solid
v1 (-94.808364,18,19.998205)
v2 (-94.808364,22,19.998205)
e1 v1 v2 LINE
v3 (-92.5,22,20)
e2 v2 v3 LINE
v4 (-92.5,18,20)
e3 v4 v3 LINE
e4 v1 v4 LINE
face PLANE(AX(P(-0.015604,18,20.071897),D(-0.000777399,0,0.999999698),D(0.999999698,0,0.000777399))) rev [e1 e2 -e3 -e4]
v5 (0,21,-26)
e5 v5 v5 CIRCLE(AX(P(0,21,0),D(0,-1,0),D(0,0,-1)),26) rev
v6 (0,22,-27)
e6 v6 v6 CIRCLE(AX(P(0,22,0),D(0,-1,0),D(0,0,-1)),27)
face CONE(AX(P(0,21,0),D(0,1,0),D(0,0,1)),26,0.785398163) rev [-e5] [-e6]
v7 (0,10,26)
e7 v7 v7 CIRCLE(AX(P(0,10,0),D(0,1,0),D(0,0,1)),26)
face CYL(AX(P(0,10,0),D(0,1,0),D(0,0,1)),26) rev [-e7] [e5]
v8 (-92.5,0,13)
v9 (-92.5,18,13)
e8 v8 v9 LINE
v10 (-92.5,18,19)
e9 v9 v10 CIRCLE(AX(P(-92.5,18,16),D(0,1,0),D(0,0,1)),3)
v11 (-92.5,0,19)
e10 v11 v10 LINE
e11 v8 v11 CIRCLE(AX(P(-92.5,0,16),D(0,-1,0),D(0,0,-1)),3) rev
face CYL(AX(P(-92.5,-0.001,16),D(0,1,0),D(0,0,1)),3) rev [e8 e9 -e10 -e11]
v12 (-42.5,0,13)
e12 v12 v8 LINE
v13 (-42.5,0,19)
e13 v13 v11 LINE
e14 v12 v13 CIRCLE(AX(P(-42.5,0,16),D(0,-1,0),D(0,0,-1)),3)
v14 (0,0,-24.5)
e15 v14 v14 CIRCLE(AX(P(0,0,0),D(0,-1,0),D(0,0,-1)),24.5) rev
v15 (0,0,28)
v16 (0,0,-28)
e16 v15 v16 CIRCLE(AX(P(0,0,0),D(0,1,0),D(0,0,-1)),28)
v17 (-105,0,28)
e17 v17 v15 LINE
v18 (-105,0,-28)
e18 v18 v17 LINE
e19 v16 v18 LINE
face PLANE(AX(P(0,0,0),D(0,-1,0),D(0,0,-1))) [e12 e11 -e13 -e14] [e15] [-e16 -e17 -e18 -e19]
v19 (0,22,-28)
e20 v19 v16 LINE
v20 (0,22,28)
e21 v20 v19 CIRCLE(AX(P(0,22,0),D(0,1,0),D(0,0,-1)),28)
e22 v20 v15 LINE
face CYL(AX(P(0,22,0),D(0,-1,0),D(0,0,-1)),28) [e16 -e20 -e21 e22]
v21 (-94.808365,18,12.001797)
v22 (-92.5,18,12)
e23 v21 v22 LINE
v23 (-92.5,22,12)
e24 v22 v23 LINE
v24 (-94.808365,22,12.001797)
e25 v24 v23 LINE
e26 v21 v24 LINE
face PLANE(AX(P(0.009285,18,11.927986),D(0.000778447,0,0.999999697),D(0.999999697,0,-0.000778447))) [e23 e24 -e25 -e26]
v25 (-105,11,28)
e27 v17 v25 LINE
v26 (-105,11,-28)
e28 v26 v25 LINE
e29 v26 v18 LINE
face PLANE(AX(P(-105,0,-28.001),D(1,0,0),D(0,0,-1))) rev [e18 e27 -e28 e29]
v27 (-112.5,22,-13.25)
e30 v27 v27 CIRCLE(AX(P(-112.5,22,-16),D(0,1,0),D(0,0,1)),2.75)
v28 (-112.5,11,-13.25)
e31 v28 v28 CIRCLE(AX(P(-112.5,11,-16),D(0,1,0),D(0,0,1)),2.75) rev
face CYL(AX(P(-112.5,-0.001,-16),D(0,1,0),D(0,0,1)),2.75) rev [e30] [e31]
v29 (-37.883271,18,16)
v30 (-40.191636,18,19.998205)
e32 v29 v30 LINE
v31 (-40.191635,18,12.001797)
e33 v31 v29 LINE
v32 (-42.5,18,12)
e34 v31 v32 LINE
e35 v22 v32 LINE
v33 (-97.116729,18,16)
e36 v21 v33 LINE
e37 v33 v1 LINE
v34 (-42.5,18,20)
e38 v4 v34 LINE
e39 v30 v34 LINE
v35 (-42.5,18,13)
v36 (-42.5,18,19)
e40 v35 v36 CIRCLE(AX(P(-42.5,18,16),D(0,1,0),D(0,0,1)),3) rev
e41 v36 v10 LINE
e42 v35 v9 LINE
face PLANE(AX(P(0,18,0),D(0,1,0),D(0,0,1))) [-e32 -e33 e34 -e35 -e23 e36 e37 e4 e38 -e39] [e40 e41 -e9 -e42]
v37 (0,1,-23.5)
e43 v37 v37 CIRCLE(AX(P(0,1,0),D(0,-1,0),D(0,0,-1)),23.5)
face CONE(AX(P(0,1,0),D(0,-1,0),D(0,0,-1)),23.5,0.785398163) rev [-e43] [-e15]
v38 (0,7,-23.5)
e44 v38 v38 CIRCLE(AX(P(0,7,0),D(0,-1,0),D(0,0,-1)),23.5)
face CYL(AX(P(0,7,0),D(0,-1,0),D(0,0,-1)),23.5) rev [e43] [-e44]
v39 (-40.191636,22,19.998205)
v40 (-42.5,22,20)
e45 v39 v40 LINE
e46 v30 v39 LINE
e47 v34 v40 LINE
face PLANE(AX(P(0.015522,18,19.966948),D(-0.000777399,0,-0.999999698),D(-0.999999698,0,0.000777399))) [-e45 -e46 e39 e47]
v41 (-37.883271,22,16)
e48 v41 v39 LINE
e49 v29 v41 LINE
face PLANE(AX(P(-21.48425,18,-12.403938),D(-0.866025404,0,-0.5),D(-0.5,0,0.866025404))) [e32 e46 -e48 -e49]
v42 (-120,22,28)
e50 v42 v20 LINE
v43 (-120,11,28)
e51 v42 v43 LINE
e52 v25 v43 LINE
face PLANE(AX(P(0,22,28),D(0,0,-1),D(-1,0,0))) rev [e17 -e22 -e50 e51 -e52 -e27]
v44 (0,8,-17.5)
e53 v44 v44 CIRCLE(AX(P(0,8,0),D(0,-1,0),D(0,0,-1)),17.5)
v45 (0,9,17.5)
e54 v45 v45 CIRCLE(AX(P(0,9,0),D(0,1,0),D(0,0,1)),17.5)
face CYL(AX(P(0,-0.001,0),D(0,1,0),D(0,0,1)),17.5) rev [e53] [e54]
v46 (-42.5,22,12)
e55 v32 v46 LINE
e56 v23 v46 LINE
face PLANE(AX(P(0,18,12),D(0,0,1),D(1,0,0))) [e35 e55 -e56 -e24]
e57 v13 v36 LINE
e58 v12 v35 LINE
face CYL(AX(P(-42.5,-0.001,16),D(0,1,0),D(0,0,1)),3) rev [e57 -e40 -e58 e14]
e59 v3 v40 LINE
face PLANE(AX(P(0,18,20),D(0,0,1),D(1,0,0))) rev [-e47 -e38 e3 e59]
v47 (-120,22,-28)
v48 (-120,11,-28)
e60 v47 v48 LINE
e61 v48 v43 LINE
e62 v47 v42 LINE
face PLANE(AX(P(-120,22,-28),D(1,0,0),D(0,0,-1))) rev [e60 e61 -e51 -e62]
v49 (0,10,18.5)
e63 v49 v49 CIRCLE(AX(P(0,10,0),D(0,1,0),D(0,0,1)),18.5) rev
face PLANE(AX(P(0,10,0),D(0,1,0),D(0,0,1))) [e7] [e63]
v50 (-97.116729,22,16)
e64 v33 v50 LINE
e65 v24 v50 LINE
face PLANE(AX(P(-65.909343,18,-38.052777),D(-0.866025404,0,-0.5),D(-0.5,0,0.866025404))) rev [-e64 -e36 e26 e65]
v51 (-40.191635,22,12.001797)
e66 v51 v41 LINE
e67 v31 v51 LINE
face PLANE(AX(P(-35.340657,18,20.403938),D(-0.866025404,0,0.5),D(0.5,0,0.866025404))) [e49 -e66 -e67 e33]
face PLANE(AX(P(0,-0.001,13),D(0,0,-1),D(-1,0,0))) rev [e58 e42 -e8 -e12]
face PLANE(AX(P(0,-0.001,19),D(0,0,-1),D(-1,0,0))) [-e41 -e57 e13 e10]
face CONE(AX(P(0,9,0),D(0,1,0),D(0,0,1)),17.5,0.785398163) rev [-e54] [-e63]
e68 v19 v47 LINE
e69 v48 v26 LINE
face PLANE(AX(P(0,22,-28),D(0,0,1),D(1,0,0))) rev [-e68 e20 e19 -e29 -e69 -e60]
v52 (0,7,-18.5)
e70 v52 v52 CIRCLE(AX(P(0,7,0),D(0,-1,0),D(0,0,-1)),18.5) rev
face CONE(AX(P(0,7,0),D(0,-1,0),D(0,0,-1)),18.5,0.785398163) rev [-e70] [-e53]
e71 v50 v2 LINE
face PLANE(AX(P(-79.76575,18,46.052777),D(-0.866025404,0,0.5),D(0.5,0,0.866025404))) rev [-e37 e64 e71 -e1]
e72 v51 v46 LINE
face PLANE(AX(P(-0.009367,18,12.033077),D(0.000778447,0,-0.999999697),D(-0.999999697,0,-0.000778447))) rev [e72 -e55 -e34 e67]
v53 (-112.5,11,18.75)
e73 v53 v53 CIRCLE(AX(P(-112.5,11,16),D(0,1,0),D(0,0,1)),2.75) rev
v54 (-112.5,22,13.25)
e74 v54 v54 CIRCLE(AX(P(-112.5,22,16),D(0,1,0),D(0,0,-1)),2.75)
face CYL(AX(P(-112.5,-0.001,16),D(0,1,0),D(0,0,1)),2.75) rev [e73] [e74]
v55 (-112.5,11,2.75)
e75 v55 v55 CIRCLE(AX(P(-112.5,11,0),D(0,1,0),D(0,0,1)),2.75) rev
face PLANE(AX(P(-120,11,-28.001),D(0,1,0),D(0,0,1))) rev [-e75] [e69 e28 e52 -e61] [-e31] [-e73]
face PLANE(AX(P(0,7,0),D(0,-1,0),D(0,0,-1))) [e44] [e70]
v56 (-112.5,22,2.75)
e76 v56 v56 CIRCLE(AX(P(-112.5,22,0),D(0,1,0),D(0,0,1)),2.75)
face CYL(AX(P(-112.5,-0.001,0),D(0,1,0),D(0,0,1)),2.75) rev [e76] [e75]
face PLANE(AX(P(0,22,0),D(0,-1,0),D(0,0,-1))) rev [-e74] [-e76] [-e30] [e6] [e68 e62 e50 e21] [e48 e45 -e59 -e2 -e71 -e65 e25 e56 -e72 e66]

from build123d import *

# Parameters (mm, degrees)
EXTRUDE_1_DEPTH     = 22
CUT_EXTRUDE_1_REACH = 136.239
SKETCH_2_W          = 15
SKETCH_2_H          = 11
SKETCH_3_R          = 26
CUT_EXTRUDE_2_DEPTH = 12
CUT_EXTRUDE_3_REACH = 125.806
SKETCH_4_R          = 17.5
SKETCH_5_R          = 23.5
CUT_EXTRUDE_4_DEPTH = 7
CHAMFER_1_SIZE      = 1
CUT_EXTRUDE_5_REACH = 127.172
SKETCH_6_R          = 2.75
CUT_EXTRUDE_7_REACH = 127.172
CUT_EXTRUDE_8_DEPTH = 4


with BuildPart() as part:
    # 草图1 → 凸台-拉伸1 (new body)
    with BuildSketch(Plane(origin=(0, 0, 0), x_dir=(1, 0, 0), z_dir=(0, 1, 0))):
        with BuildLine():
            Line((0, 28), (-120, 28))
            Line((-120, 28), (-120, -28))
            Line((-120, -28), (0, -28))
            ThreePointArc((0, -28), (28, 0), (0, 28))
        make_face()
    extrude(amount=EXTRUDE_1_DEPTH)

    # 草图2 → 切除-拉伸1 (cut, up to next)
    with BuildSketch(Plane.XY.offset(28), mode=Mode.PRIVATE) as cut_extrude_1_sk1:
        with Locations((-112.5, 5.5)):
            Rectangle(SKETCH_2_W, SKETCH_2_H)
    cut_extrude_1_tool1 = extrude(cut_extrude_1_sk1.sketch, amount=-CUT_EXTRUDE_1_REACH, mode=Mode.PRIVATE) & part.part
    add(cut_extrude_1_tool1.solids().sort_by_distance((-112.5, 5.5, 28))[0], mode=Mode.SUBTRACT)

    # 草图3 → 切除-拉伸2 (cut)
    with BuildSketch(Plane(origin=(0, 22, 0), x_dir=(1, 0, 0), z_dir=(0, 1, 0))):
        with Locations(Location((0, 0, 0), (0, 0, 270))):
            Circle(SKETCH_3_R)
    extrude(amount=-CUT_EXTRUDE_2_DEPTH, mode=Mode.SUBTRACT)

    # 草图4 → 切除-拉伸3 (cut, up to next)
    with BuildSketch(Plane(origin=(0, 10, 0), x_dir=(1, 0, 0), z_dir=(0, 1, 0)), mode=Mode.PRIVATE) as cut_extrude_3_sk1:
        with Locations(Location((0, 0, 0), (0, 0, 270))):
            Circle(SKETCH_4_R)
    cut_extrude_3_tool1 = extrude(cut_extrude_3_sk1.sketch, amount=-CUT_EXTRUDE_3_REACH, mode=Mode.PRIVATE) & part.part
    add(cut_extrude_3_tool1.solids().sort_by_distance((0, 10, 0))[0], mode=Mode.SUBTRACT)

    # 草图5 → 切除-拉伸4 (cut)
    with BuildSketch(Plane.XZ):
        with Locations(Location((0, 0, 0), (0, 0, 270))):
            Circle(SKETCH_5_R)
    extrude(amount=-CUT_EXTRUDE_4_DEPTH, mode=Mode.SUBTRACT)

    # 倒角1
    chamfer_1_edges = [part.edges().sort_by_distance(p)[0] for p in [
        (0, 22, -26),
        (0, 10, -17.5),
        (0, 0, 23.5),
        (0, 7, -17.5),
    ]]
    chamfer(chamfer_1_edges, length=CHAMFER_1_SIZE)

    # 草图6 → 切除-拉伸5 (cut, up to next)
    with BuildSketch(Plane(origin=(0, 22, 0), x_dir=(1, 0, 0), z_dir=(0, 1, 0)), mode=Mode.PRIVATE) as cut_extrude_5_sk1:
        with Locations(Location((-112.5, 0, 0), (0, 0, 270))):
            Circle(SKETCH_6_R)
    cut_extrude_5_tool1 = extrude(cut_extrude_5_sk1.sketch, amount=-CUT_EXTRUDE_5_REACH, mode=Mode.PRIVATE) & part.part
    # 草图6 → 切除-拉伸5 (cut, up to next)
    with BuildSketch(Plane(origin=(0, 22, 0), x_dir=(1, 0, 0), z_dir=(0, 1, 0)), mode=Mode.PRIVATE) as cut_extrude_5_sk2:
        with Locations(Location((-112.5, 16, 0), (0, 0, 270))):
            Circle(SKETCH_6_R)
    cut_extrude_5_tool2 = extrude(cut_extrude_5_sk2.sketch, amount=-CUT_EXTRUDE_5_REACH, mode=Mode.PRIVATE) & part.part
    # 草图6 → 切除-拉伸5 (cut, up to next)
    with BuildSketch(Plane(origin=(0, 22, 0), x_dir=(1, 0, 0), z_dir=(0, 1, 0)), mode=Mode.PRIVATE) as cut_extrude_5_sk3:
        with Locations(Location((-112.5, -16, 0), (0, 0, 270))):
            Circle(SKETCH_6_R)
    cut_extrude_5_tool3 = extrude(cut_extrude_5_sk3.sketch, amount=-CUT_EXTRUDE_5_REACH, mode=Mode.PRIVATE) & part.part
    add(cut_extrude_5_tool1.solids().sort_by_distance((-112.5, 22, 0))[0], mode=Mode.SUBTRACT)
    add(cut_extrude_5_tool2.solids().sort_by_distance((-112.5, 22, -16))[0], mode=Mode.SUBTRACT)
    add(cut_extrude_5_tool3.solids().sort_by_distance((-112.5, 22, 16))[0], mode=Mode.SUBTRACT)

    # 草图8 → 切除-拉伸7 (cut, up to next)
    with BuildSketch(Plane(origin=(0, 22, 0), x_dir=(1, 0, 0), z_dir=(0, 1, 0)), mode=Mode.PRIVATE) as cut_extrude_7_sk1:
        with BuildLine():
            ThreePointArc((-42.5, -13), (-39.5, -16), (-42.5, -19))
            Line((-42.5, -19), (-92.5, -19))
            ThreePointArc((-92.5, -19), (-95.5, -16), (-92.5, -13))
            Line((-92.5, -13), (-42.5, -13))
        make_face()
    cut_extrude_7_tool1 = extrude(cut_extrude_7_sk1.sketch, amount=-CUT_EXTRUDE_7_REACH, mode=Mode.PRIVATE) & part.part
    add(cut_extrude_7_tool1.solids().sort_by_distance((-67.5, 22, 16))[0], mode=Mode.SUBTRACT)

    # 草图8<3> → 切除-拉伸8 (cut)
    with BuildSketch(Plane(origin=(0, 22, 0), x_dir=(1, 0, 0), z_dir=(0, 1, 0))):
        Polygon((-92.5, -12), (-42.5, -12), (-40.191634991, -12.001796941), (-37.883271378, -16), (-40.191636387, -19.998205479), (-42.5, -20), (-92.5, -20), (-94.808363613, -19.998205479), (-97.116728622, -16), (-94.808365009, -12.001796941), align=None)
    extrude(amount=-CUT_EXTRUDE_8_DEPTH, mode=Mode.SUBTRACT)


solid = part.part
